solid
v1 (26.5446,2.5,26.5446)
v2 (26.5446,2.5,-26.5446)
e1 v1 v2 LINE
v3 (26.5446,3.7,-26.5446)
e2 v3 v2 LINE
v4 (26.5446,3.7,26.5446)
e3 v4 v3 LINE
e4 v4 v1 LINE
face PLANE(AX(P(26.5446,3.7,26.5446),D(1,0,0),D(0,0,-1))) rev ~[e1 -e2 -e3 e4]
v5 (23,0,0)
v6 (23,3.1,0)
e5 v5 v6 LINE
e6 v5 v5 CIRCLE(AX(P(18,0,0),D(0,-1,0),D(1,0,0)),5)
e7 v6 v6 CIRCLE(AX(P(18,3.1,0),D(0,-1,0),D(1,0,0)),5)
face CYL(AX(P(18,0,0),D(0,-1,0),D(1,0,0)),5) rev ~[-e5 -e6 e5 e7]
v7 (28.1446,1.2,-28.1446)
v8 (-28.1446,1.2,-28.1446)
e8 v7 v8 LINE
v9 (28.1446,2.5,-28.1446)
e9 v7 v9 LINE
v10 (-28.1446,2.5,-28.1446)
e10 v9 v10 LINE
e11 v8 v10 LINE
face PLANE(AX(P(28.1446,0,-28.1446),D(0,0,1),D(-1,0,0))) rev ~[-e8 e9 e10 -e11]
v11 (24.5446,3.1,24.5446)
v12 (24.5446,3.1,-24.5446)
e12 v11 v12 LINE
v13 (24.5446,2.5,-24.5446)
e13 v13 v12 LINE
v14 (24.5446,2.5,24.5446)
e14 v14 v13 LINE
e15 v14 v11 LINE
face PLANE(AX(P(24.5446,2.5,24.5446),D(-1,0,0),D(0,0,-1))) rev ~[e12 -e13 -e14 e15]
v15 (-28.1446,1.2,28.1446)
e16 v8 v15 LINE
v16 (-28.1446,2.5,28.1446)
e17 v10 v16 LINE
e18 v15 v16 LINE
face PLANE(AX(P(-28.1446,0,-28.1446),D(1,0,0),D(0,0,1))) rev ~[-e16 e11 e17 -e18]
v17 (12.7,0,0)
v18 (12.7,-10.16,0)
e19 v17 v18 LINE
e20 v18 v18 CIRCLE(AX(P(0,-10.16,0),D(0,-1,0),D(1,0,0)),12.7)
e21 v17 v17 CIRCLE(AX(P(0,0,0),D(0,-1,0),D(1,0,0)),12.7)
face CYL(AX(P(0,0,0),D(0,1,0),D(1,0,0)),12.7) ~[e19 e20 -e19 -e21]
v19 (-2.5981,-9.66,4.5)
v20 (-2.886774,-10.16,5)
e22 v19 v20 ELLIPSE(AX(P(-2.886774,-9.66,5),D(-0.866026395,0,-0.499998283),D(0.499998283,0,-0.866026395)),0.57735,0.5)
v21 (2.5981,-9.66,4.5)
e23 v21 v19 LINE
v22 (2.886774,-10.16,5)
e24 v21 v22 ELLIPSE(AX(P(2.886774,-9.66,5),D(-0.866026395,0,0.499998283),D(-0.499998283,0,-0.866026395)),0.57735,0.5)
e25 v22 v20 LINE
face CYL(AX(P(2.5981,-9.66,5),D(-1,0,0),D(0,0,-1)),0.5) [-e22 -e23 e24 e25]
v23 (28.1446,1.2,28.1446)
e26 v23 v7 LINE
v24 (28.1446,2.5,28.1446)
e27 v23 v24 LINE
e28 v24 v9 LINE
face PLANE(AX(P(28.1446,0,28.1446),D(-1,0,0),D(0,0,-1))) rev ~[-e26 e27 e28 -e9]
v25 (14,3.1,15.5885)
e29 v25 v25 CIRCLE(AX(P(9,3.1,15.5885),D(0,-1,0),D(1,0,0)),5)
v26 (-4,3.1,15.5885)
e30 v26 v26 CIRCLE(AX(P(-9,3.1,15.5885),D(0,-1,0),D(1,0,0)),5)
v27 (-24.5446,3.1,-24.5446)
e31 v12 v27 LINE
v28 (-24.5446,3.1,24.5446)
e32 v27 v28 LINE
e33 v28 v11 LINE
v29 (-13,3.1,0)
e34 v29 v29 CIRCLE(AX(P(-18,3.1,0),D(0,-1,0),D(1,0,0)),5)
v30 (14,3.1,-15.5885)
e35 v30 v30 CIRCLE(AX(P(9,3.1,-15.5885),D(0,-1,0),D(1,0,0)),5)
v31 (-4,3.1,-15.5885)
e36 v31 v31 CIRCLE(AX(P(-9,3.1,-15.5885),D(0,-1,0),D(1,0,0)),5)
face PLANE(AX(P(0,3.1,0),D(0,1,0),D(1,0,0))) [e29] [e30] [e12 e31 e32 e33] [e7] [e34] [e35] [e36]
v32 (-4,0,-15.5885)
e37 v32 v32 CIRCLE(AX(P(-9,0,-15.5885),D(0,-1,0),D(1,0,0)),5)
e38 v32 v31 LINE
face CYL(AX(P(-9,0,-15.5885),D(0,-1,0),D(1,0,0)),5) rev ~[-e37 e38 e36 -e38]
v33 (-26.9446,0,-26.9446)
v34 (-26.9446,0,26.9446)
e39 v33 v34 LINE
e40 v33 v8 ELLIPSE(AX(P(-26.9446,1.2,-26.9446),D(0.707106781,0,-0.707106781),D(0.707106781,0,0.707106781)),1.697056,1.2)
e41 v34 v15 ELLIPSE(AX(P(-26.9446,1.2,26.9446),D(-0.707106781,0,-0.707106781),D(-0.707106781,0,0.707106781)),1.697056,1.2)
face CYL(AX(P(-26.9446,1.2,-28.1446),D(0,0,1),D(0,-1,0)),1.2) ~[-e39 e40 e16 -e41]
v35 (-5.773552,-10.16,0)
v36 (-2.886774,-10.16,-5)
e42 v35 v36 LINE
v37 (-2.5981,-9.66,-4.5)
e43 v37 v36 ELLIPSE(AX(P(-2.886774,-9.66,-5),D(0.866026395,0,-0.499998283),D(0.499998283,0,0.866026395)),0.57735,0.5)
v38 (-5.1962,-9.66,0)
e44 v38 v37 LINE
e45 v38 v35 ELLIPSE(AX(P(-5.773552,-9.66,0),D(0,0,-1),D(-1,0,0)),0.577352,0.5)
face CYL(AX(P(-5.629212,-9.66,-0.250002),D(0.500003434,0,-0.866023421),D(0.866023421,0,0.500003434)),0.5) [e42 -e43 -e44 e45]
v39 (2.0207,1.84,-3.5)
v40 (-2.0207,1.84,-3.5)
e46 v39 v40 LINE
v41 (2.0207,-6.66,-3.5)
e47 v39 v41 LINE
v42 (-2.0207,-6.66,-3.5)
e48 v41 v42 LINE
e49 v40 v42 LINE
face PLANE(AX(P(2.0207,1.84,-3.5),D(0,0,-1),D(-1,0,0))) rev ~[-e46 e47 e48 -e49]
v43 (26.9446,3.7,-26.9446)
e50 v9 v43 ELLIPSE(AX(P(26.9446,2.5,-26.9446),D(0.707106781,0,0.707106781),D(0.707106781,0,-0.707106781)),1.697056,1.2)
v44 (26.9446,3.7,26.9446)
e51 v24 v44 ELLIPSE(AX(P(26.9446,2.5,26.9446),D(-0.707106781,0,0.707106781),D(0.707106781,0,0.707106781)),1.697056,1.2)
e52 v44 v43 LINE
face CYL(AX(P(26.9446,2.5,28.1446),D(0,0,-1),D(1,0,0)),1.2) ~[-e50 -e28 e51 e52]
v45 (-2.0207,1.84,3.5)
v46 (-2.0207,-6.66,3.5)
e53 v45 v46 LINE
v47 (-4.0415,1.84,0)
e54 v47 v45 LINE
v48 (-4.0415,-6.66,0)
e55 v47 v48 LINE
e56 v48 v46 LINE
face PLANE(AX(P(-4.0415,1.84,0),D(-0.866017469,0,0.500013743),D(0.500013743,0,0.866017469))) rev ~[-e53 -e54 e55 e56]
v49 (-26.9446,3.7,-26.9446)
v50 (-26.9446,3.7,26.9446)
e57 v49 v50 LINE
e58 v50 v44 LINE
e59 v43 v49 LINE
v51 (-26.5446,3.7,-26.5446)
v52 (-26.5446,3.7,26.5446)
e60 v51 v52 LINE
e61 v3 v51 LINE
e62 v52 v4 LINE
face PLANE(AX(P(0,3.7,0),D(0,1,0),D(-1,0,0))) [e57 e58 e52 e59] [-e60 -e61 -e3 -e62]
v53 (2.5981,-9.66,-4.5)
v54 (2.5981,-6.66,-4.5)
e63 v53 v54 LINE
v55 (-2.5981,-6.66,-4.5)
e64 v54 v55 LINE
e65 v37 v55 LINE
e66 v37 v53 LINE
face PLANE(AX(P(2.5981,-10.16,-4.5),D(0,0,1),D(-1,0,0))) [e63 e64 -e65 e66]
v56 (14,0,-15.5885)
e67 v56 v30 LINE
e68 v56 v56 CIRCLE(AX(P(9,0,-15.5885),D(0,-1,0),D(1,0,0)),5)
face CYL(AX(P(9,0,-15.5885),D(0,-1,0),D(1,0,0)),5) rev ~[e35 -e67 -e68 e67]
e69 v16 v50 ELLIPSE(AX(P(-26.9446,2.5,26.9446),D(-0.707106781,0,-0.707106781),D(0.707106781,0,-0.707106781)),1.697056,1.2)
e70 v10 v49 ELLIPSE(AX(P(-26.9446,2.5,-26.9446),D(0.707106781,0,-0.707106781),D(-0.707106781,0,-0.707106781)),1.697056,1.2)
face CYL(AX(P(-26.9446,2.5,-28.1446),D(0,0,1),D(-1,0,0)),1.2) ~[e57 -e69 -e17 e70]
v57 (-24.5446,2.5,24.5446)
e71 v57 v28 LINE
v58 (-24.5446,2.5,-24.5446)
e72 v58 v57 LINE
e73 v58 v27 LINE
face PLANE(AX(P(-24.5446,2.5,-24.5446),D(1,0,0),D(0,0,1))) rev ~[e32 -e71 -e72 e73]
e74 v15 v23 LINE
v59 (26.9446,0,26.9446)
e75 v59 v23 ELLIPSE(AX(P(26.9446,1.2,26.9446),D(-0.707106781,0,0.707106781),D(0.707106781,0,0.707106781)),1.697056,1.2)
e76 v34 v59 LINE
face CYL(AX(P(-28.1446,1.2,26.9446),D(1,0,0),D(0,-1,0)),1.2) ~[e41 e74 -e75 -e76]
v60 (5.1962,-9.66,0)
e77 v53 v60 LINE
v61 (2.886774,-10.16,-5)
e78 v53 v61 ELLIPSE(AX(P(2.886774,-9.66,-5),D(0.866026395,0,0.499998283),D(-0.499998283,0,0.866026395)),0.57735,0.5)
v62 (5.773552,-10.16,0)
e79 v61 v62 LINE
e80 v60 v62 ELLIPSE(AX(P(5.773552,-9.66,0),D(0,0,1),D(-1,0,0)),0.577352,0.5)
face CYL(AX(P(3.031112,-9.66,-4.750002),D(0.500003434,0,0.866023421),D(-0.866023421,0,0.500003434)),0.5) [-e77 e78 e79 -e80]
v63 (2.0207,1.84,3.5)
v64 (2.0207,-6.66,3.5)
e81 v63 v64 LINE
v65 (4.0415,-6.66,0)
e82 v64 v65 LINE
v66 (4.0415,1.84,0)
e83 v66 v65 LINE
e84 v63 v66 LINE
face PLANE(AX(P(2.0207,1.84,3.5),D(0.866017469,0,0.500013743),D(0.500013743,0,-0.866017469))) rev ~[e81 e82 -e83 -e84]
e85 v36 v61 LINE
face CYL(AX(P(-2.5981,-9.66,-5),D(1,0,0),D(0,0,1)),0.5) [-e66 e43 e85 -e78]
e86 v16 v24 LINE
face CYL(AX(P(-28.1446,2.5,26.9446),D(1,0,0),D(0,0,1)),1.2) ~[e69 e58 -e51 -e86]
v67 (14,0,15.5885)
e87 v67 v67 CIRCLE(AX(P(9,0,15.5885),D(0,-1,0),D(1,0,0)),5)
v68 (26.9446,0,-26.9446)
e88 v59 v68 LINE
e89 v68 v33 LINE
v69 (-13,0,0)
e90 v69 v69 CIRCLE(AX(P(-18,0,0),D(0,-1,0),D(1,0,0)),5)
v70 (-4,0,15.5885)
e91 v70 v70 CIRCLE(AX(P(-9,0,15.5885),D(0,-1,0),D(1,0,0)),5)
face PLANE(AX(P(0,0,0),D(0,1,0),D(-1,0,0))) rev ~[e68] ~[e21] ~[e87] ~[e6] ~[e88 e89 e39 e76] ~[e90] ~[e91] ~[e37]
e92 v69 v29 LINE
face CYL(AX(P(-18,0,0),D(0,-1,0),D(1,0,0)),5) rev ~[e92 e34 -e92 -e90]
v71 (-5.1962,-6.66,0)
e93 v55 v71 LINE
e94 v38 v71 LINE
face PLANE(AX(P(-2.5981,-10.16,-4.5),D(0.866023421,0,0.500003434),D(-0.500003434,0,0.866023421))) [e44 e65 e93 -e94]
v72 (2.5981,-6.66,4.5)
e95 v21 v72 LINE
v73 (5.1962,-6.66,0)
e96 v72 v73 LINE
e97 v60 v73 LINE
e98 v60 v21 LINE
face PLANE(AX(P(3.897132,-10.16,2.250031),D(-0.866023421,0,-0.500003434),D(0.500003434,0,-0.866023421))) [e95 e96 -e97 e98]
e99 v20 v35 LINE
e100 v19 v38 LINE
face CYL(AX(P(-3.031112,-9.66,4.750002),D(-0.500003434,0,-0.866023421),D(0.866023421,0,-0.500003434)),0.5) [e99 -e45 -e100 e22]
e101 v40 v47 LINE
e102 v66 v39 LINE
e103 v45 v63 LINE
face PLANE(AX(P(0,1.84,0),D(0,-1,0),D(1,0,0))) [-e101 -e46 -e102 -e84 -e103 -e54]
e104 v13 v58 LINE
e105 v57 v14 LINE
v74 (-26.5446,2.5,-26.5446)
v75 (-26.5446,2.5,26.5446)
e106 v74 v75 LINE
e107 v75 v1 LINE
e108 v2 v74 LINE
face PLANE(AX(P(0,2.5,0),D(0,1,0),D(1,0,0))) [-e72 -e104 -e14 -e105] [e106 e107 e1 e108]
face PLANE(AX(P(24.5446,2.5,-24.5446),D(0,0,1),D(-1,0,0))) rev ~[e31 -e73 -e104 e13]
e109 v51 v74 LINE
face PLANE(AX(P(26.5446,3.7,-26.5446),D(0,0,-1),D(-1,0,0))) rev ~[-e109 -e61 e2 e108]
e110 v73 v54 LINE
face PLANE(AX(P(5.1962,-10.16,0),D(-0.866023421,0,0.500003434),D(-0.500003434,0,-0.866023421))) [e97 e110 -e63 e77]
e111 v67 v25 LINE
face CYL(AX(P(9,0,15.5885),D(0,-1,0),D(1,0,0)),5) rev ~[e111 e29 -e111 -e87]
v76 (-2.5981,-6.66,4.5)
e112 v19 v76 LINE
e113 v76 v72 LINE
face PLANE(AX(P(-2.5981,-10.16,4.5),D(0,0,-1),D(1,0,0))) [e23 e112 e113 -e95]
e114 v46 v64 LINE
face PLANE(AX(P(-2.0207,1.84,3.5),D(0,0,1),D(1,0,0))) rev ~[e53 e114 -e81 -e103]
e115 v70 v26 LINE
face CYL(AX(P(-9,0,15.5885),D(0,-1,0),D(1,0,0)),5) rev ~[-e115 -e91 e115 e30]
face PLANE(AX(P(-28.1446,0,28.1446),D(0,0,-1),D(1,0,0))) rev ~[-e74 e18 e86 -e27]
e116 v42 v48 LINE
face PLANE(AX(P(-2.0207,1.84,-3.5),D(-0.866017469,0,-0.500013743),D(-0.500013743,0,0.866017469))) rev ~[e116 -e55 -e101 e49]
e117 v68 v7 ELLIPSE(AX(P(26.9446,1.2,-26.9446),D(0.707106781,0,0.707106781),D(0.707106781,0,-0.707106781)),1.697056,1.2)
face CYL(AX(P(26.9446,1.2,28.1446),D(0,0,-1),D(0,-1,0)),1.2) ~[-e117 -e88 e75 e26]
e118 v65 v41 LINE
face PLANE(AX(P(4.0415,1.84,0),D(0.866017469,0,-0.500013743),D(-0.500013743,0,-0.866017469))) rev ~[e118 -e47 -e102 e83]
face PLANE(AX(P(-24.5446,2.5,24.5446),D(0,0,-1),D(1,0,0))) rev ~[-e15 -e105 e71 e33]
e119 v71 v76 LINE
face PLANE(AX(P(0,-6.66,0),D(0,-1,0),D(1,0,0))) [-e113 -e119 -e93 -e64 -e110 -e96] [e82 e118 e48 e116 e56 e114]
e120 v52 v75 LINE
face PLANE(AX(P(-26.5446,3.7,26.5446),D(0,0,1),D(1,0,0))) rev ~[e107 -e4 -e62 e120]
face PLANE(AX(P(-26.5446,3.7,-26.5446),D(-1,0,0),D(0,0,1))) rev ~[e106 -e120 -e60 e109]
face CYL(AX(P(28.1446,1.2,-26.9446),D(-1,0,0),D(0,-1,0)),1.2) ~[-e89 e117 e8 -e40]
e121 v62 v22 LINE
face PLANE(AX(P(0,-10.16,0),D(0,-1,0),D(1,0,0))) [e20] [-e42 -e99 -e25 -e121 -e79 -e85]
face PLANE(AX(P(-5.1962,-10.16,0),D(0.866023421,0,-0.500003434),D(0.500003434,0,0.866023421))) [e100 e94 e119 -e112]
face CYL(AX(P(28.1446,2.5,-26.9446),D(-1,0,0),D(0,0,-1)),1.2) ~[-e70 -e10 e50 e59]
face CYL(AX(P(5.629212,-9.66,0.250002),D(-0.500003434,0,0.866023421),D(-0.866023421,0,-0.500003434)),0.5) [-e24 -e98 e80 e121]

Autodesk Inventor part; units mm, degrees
ref_plane "YZ Plane" through (0, 0, 0) normal (1, 0, 0) x (0, 1, 0)
ref_plane "XZ Plane" through (0, 0, 0) normal (0, 1, 0) x (-1, 0, 0)
ref_plane "XY Plane" through (0, 0, 0) normal (0, 0, 1) x (1, 0, 0)
sketch "스케치1" plane through (0, 0, 0) normal (0, 1, 0) x (-1, 0, 0)
  line L0 (-24.9446, -24.9446) -> (24.9446, -24.9446)
  line L1 (24.9446, -24.9446) -> (24.9446, 24.9446)
  line L2 (24.9446, 24.9446) -> (-24.9446, 24.9446)
  line L3 (-24.9446, 24.9446) -> (-24.9446, -24.9446)
  line L4 (-24.9446, -24.9446) -> (24.9446, 24.9446) construction
  line L5 (24.9446, -24.9446) -> (-24.9446, 24.9446) construction
  line L6 (-28.1446, -28.1446) -> (28.1446, -28.1446)
  line L7 (28.1446, -28.1446) -> (28.1446, 28.1446)
  line L8 (28.1446, 28.1446) -> (-28.1446, 28.1446)
  line L9 (-28.1446, 28.1446) -> (-28.1446, -28.1446)
  line L10 (-28.1446, -28.1446) -> (28.1446, 28.1446) construction
  line L11 (28.1446, -28.1446) -> (-28.1446, 28.1446) construction
  point P0 (0, 0)
  dimension "d0" = 70.554
  dimension "d1" = 3.2
extrude "돌출1" add sketch "스케치1" along normal blind 3.7 contours L3 L2 L1 L0 | L9 L8 L7 L6
sketch "스케치2" plane through (0, 3.7, 0) normal (0, 1, 0) x (1, 0, 0)
  line L0 (-28.1446, 28.1446) -> (-28.1446, -28.1446) projected
  line L1 (-28.1446, -28.1446) -> (28.1446, -28.1446) projected
  line L2 (28.1446, -28.1446) -> (28.1446, 28.1446) projected
  line L3 (28.1446, 28.1446) -> (-28.1446, 28.1446) projected
  line L4 (26.5446, 26.5446) -> (-26.5446, 26.5446)
  line L5 (-26.5446, 26.5446) -> (-26.5446, -26.5446)
  line L6 (-26.5446, -26.5446) -> (26.5446, -26.5446)
  line L7 (26.5446, -26.5446) -> (26.5446, 26.5446)
  line L8 (26.5446, 26.5446) -> (-26.5446, -26.5446) construction
  line L9 (-26.5446, 26.5446) -> (26.5446, -26.5446) construction
  line L10 (24.5446, 24.5446) -> (-24.5446, 24.5446)
  line L11 (-24.5446, 24.5446) -> (-24.5446, -24.5446)
  line L12 (-24.5446, -24.5446) -> (24.5446, -24.5446)
  line L13 (24.5446, -24.5446) -> (24.5446, 24.5446)
  line L14 (24.5446, 24.5446) -> (-24.5446, -24.5446) construction
  line L15 (-24.5446, 24.5446) -> (24.5446, -24.5446) construction
  point P0 (0, 0)
  point P1 (0, 28.1446)
  point P2 (-28.1446, 0)
  dimension "d4" = 1.6
  dimension "d5" = 2
extrude "돌출2" cut sketch "스케치2" against normal blind 1.2 contours L7 L6 L5 L4 | L13 L12 L11 L10
sketch "스케치3" plane through (0, 2.5, 0) normal (0, 1, 0) x (1, 0, 0)
  line L0 (24.5446, 24.5446) -> (-24.5446, 24.5446)
  line L1 (-24.5446, 24.5446) -> (-24.5446, -24.5446)
  line L2 (-24.5446, -24.5446) -> (24.5446, -24.5446)
  line L3 (24.5446, -24.5446) -> (24.5446, 24.5446)
  line L4 (24.5446, 24.5446) -> (-24.5446, -24.5446) construction
  line L5 (-24.5446, 24.5446) -> (24.5446, -24.5446) construction
  line L6 (-26.5446, -26.5446) -> (-26.5446, 26.5446) projected
  point P0 (0, 0)
  dimension "d8" = 2
extrude "돌출3" add sketch "스케치3" along normal blind 0.6
fillet "모깎기1" radius 1.2 8 edges at (0, 3.7, 28.1446) (28.1446, 3.7, 0) (0, 3.7, -28.1446) (-28.1446, 3.7, 0) (-28.1446, 0, 0) (0, 0, 28.1446) (28.1446, 0, 0) (0, 0, -28.1446)
sketch "스케치11" plane through (0, 0, 0) normal (0, -1, 0) x (1, 0, 0)
  circle A0 centre (0, 0) radius 12.7
  dimension "d50" = 25.4
extrude "돌출11" add sketch "스케치11" along normal blind 10.16
sketch "스케치12" plane through (0, -10.16, 0) normal (0, -1, 0) x (1, 0, 0)
  circle A0 centre (0, 0) radius 4.5
  line L0 (-2.5981, 4.5) -> (2.5981, 4.5)
  line L1 (2.5981, 4.5) -> (5.1962, 0)
  line L2 (5.1962, 0) -> (2.5981, -4.5)
  line L3 (2.5981, -4.5) -> (-2.5981, -4.5)
  line L4 (-2.5981, -4.5) -> (-5.1962, 0)
  line L5 (-5.1962, 0) -> (-2.5981, 4.5)
  point P0 (-3.8971, 2.25)
  point P1 (-3.8971, -2.25)
  point P2 (0, 4.5)
  point P3 (0, -4.5)
  point P4 (3.8971, -2.25)
  point P5 (3.8971, 2.25)
  dimension "d53" = 9
extrude "돌출12" cut sketch "스케치12" against normal blind 12
sketch "스케치13" plane through (0, 0, 0) normal (0, -1, 0) x (1, 0, 0)
  circle A0 centre (-18, 0) radius 5
  circle A1 centre (-9, -15.5885) radius 5
  circle A2 centre (9, -15.5885) radius 5
  circle A3 centre (18, 0) radius 5
  circle A4 centre (9, 15.5885) radius 5
  circle A5 centre (-9, 15.5885) radius 5
  point P0 (0, 0)
  dimension "d58" = 10
  dimension "d59" = 18
  dimension "d62" = 360
extrude "돌출13" cut sketch "스케치13" against normal up to surface (3.1 mm away)
sketch "스케치16" plane through (0, 1.84, 0) normal (0, -1, 0) x (1, 0, 0)
  line L0 (-2.0207, 3.5) -> (2.0207, 3.5)
  line L1 (2.0207, 3.5) -> (4.0415, 0)
  line L2 (4.0415, 0) -> (2.0207, -3.5)
  line L3 (2.0207, -3.5) -> (-2.0207, -3.5)
  line L4 (-2.0207, -3.5) -> (-4.0415, 0)
  line L5 (-4.0415, 0) -> (-2.0207, 3.5)
  line L6 (-5.1962, 0) -> (-2.5981, 4.5) projected
  line L7 (-2.5981, 4.5) -> (2.5981, 4.5) projected
  line L8 (-5.1962, 0) -> (-2.5981, 4.5) projected
  line L9 (-2.5981, -4.5) -> (-5.1962, 0) projected
  line L10 (2.5981, -4.5) -> (-2.5981, -4.5) projected
  line L11 (5.1962, 0) -> (2.5981, -4.5) projected
  line L12 (2.5981, 4.5) -> (5.1962, 0) projected
  point P0 (0, 0)
  point P1 (0, 0)
  dimension "d84" = 1
extrude "돌출14" add sketch "스케치16" along normal blind 8.5
fillet "모깎기2" radius 0.5 6 edges at (-3.8971, -10.16, 2.25) (0, -10.16, 4.5) (3.8971, -10.16, 2.25) (3.8971, -10.16, -2.25) (0, -10.16, -4.5) (-3.8971, -10.16, -2.25)
equation "\"d73\" = 55deg"
properties part number "OV-PAM_n_4_bottom"
